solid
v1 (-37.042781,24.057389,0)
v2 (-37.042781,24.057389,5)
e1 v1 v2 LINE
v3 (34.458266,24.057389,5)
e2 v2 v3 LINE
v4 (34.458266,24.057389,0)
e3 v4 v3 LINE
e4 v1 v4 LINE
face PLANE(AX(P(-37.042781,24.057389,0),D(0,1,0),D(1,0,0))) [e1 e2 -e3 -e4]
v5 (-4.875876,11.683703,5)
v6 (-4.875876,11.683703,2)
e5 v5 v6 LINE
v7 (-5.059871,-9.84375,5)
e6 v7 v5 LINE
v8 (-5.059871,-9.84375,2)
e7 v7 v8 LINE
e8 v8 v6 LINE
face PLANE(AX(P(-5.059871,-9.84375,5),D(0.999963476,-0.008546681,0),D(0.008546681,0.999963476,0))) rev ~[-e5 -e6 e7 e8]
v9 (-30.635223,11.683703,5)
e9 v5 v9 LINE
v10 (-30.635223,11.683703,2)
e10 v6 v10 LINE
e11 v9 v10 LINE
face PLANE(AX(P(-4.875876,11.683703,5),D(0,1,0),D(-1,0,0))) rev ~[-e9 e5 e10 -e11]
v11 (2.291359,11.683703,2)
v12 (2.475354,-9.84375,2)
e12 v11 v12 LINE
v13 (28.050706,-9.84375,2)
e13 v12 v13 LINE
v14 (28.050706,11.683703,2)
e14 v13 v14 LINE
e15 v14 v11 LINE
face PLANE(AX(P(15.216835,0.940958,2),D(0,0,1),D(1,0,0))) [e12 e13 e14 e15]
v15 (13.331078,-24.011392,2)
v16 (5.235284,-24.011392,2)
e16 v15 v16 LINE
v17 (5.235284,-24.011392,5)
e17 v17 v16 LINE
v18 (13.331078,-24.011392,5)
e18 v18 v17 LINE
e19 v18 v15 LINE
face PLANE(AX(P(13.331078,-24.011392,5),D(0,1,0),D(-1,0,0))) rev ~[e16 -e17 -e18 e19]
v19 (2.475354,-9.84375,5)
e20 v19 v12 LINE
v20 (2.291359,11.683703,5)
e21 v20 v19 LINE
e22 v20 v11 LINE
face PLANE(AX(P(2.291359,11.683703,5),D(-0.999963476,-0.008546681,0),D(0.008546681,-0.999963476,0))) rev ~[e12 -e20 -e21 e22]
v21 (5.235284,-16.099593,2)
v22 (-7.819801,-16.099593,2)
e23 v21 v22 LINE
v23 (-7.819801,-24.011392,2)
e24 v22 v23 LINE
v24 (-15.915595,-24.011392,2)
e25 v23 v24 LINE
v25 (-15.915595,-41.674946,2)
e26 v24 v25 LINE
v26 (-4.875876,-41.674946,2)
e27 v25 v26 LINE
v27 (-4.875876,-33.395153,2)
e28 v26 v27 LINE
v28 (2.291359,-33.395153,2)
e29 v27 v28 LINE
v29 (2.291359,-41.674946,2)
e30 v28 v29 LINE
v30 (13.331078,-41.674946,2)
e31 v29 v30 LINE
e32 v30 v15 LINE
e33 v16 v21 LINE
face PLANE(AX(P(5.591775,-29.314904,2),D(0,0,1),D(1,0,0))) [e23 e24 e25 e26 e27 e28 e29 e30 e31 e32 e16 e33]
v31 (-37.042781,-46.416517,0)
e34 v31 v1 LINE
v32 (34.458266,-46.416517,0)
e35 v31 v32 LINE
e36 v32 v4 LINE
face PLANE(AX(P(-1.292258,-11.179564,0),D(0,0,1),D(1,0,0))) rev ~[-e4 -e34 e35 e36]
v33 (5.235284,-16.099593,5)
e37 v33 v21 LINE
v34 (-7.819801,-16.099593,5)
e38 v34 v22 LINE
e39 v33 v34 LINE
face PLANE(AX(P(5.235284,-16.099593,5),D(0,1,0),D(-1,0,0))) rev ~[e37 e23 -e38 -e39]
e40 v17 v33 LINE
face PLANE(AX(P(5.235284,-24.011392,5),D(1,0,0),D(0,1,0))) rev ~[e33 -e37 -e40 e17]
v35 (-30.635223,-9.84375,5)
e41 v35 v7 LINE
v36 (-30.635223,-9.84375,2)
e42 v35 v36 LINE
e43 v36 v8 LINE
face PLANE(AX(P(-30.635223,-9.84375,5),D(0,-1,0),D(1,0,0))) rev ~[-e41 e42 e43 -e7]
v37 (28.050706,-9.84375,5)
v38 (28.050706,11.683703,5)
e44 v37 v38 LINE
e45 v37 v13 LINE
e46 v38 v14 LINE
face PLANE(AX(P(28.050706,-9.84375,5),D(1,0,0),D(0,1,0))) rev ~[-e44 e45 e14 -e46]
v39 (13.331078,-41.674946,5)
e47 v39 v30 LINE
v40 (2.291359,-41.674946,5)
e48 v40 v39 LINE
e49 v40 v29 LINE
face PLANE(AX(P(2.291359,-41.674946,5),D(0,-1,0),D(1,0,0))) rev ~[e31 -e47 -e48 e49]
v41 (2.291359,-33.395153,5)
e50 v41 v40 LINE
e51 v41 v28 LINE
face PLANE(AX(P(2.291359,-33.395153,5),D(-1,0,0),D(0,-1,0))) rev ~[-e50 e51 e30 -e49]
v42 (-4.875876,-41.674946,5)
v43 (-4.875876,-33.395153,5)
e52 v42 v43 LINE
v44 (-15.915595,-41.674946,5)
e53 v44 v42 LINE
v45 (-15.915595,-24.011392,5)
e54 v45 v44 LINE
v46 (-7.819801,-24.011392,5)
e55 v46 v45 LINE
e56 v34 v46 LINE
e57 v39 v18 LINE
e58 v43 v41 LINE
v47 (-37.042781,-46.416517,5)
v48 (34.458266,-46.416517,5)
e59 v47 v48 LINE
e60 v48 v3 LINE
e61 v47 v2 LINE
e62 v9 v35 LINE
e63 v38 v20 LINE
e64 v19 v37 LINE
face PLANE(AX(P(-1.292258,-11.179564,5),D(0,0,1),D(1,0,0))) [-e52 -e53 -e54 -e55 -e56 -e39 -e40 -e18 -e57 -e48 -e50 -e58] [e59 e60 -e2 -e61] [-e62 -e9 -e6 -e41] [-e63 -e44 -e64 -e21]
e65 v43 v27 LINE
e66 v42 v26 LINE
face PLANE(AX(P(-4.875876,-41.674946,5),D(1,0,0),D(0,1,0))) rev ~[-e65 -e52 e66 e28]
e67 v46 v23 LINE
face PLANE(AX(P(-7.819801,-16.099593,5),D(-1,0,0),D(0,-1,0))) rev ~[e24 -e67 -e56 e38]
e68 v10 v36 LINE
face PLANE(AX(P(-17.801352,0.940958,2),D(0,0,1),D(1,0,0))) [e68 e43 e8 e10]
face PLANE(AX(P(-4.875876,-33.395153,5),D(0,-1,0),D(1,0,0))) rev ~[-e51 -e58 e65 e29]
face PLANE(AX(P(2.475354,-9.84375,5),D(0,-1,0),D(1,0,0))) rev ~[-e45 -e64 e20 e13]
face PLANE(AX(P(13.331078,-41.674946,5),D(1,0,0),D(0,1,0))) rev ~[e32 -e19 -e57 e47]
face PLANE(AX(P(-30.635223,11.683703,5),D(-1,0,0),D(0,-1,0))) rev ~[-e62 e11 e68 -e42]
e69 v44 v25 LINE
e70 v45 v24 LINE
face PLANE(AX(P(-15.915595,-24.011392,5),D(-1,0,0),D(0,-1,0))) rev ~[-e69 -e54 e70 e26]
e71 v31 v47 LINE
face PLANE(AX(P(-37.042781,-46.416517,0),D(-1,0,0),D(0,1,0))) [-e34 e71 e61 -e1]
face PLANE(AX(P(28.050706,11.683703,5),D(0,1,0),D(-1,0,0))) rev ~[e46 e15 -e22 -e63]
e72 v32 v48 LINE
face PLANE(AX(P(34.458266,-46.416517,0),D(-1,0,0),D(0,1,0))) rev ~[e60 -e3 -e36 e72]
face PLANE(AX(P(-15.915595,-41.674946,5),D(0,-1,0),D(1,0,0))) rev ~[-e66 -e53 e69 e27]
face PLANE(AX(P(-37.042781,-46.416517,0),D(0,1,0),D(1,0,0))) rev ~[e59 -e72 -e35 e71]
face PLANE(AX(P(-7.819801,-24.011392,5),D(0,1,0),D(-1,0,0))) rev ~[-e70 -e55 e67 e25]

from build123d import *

# Parameters (mm, degrees)
F0_W     = 71.501047
F0_H     = 70.473907
F1_DEPTH = 5
F3_DEPTH = 3


with BuildPart() as f1:
    # F0 (on Top) → F1 (new body)
    with BuildSketch(Plane.XY):
        with Locations((-1.292258, -11.179564)):
            Rectangle(F0_W, F0_H)
    extrude(amount=F1_DEPTH)

    # F2 (on face) → F3 (cut)
    with BuildSketch(Plane.XY.offset(5)):
        Polygon((5.235284, -16.099593), (-1.292259, -16.099593), (-1.292259, -33.395153), (2.291359, -33.395153), (2.291359, -41.674946), (13.331078, -41.674946), (13.331078, -24.011392), (5.235284, -24.011392), align=None)
        Polygon((-1.292259, -33.395153), (-1.292259, -16.099593), (-7.819801, -16.099593), (-7.819801, -24.011392), (-15.915595, -24.011392), (-15.915595, -41.674946), (-4.875876, -41.674946), (-4.875876, -33.395153), align=None)
        Polygon((-5.059871, -9.84375), (-4.875876, 11.683703), (-30.635223, 11.683703), (-30.635223, -9.84375), align=None)
        Polygon((28.050706, 11.683703), (2.291359, 11.683703), (2.475354, -9.84375), (28.050706, -9.84375), align=None)
    extrude(amount=-F3_DEPTH, mode=Mode.SUBTRACT)


solid = f1.part
